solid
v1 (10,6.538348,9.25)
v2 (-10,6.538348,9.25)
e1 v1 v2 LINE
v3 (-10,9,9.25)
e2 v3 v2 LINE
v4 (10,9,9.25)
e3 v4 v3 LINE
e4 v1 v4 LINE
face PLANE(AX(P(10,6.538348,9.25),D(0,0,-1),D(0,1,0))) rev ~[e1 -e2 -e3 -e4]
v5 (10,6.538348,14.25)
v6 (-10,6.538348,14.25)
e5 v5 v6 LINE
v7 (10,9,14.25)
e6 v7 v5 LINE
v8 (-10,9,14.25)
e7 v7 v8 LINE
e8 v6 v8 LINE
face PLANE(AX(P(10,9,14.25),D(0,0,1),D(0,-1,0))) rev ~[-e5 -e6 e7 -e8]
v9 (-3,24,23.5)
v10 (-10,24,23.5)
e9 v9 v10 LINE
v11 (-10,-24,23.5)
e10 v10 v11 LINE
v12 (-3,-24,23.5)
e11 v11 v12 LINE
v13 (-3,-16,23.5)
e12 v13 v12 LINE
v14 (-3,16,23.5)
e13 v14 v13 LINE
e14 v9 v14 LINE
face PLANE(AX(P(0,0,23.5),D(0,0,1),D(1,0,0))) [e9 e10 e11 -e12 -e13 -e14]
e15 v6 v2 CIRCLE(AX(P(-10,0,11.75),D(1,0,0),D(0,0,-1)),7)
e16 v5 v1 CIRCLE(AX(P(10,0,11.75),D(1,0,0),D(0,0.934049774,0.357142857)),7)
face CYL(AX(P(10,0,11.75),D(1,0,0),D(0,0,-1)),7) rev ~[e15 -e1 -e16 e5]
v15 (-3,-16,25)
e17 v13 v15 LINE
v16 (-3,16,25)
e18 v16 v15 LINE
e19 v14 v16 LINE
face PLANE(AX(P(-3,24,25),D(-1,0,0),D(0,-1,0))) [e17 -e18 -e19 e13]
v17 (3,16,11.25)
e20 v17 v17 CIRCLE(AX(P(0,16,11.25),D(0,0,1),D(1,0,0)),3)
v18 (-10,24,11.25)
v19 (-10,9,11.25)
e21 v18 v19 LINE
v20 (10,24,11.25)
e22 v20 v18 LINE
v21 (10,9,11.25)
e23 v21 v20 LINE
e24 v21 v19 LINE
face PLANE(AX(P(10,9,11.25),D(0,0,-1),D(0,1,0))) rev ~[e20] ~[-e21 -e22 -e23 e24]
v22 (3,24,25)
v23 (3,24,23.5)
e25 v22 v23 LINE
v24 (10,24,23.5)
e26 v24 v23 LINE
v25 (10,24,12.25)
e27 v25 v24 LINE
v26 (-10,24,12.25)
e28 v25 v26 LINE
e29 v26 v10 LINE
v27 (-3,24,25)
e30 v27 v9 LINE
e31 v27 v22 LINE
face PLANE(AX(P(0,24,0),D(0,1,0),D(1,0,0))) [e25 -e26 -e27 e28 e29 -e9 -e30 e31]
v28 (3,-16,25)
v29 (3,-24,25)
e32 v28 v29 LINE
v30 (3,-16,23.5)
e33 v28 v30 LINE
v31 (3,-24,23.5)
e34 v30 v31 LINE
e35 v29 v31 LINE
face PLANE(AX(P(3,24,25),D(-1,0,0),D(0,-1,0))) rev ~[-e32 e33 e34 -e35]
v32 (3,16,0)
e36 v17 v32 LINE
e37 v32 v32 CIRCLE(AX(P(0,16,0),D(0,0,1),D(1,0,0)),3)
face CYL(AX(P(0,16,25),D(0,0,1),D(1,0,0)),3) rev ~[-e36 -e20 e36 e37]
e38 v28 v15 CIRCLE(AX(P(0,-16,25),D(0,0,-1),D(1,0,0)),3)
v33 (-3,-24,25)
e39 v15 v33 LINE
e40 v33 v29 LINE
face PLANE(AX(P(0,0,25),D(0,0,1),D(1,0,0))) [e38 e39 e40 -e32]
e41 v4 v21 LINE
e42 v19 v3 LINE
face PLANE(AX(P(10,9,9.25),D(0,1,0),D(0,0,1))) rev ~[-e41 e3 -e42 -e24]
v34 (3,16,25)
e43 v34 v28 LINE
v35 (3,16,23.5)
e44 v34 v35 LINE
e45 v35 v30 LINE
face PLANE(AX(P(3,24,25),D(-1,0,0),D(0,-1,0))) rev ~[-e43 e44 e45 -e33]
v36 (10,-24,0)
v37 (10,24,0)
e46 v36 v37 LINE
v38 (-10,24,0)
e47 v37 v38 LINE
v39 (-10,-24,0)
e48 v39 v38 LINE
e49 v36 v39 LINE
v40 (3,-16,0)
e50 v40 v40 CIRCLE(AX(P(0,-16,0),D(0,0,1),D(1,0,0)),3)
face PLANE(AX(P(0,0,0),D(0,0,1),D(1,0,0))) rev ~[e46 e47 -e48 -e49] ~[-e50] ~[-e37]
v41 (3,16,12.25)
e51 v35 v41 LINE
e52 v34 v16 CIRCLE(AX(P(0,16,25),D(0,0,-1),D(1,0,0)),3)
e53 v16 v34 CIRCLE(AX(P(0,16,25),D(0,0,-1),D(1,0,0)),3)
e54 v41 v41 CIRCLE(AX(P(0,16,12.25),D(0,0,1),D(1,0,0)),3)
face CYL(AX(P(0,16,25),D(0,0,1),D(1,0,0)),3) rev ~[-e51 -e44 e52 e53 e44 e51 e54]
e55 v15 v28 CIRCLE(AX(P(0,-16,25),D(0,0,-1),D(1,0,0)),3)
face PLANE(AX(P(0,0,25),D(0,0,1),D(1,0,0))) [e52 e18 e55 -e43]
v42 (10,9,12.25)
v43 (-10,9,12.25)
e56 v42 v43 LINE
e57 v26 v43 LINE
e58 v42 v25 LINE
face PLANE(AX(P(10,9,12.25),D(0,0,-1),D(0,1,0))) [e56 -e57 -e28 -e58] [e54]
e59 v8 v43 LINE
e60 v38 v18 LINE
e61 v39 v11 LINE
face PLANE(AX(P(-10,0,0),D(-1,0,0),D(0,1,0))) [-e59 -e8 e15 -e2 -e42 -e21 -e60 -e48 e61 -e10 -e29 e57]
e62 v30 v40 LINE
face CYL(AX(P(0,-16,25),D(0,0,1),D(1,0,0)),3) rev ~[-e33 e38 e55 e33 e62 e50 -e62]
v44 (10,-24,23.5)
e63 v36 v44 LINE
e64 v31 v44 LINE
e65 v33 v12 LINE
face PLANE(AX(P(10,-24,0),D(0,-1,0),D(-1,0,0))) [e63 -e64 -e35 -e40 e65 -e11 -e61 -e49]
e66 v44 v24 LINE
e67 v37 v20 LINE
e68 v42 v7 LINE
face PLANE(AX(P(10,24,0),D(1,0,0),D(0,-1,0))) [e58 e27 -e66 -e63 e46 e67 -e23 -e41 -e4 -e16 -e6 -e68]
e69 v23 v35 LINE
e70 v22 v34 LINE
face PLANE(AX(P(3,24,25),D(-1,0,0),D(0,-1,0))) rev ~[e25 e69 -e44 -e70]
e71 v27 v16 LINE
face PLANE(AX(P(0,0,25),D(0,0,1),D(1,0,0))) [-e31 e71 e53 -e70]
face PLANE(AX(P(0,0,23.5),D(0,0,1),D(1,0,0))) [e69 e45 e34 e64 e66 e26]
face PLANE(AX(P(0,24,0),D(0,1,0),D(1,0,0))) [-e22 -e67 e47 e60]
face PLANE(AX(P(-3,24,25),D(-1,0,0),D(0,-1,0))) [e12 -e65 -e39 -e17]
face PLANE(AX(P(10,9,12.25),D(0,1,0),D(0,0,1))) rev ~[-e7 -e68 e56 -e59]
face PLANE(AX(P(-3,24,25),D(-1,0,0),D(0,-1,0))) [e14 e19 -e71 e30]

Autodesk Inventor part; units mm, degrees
ref_plane "YZ Plane" through (0, 0, 0) normal (1, 0, 0) x (0, 1, 0)
ref_plane "XZ Plane" through (0, 0, 0) normal (0, 1, 0) x (-1, 0, 0)
ref_plane "XY Plane" through (0, 0, 0) normal (0, 0, 1) x (1, 0, 0)
sketch "Sketch1" plane through (0, 0, 0) normal (0, 0, 1) x (1, 0, 0)
  line L0 (0, 33.6) -> (0, -33.6) projected
  line L1 (-14, 0) -> (14, 0) projected
  line L2 (-10, 24) -> (10, 24)
  line L3 (10, 24) -> (10, -24)
  line L4 (10, -24) -> (-10, -24)
  line L5 (-10, -24) -> (-10, 24)
  point P0 (0, 0)
  dimension "d0" = 20
  dimension "d1" = 48
extrude "Extrusion1" add sketch "Sketch1" along normal blind 25
sketch "Sketch2" plane through (0, 0, 25) normal (0, 0, 1) x (1, 0, 0)
  line L0 (0, 49) -> (0, -49) projected
  line L1 (3, 35) -> (3, -35)
  line L2 (-3, 35) -> (-3, -35)
  line L3 (-10, -24) -> (10, -24) projected
  line L4 (10, -24) -> (10, 24) projected
  line L5 (10, 24) -> (-10, 24) projected
  line L6 (-10, 24) -> (-10, -24) projected
  point P0 (0, 0)
  point P1 (3, 24)
  point P2 (3, -24)
  point P3 (-3, -24)
  point P4 (-3, 24)
  dimension "d4" = 3
  dimension "d5" = 3
extrude "Extrusion2" cut sketch "Sketch2" against normal blind 1.5 contours L5 L4 L3 L1 | L2 L3 L6 L5
sketch "Sketch3" plane through (10, -24, 0) normal (1, 0, 0) x (0, 0, -1)
  line L0 (-23.5, 48) -> (-23.5, 0) projected
  line L1 (0, 0) -> (-23.5, 0) projected
  line L2 (0, 0) -> (0, 48) projected
  line L3 (0, 48) -> (-23.5, 48) projected
  line L4 (0, 0) -> (-23.5, 0) projected
  line L5 (-11.75, 0) -> (-11.75, 48)
  line L6 (0, 48) -> (-23.5, 48) projected
  line L7 (0, 24) -> (-23.5, 24)
  line L8 (-23.5, 0) -> (-23.5, 48) projected
  circle A0 centre (-11.75, 24) radius 7
  line L9 (-14.25, 28) -> (-9.25, 28)
  line L10 (-9.25, 28) -> (-9.25, 33)
  line L11 (-9.25, 33) -> (-14.25, 33)
  line L12 (-14.25, 33) -> (-14.25, 28)
  line L13 (-11.75, 17) -> (-11.75, 31)
  line L14 (-12.25, 0) -> (-12.25, 50)
  line L15 (-11.25, 0) -> (-11.25, 50)
  point P0 (-9.25, 30.5383)
  point P1 (-11.25, 33)
  point P2 (-11.25, 48)
  point P3 (-12.25, 48)
  point P4 (-12.25, 33)
  point P5 (-14.25, 30.5383)
  dimension "d8" = 14
  dimension "d9" = 5
  dimension "d10" = 5
  dimension "d11" = 11
  dimension "d12" = 0.5
  dimension "d13" = 0.5
extrude "Extrusion3" cut sketch "Sketch3" against normal through all contours L3 L5 L11 L14 | A0 L12 L9 L14 L7 | L7 L14 A0 | L3 L15 L11 L5 | L14 A0 L12 L11 | L11 L5 A0 L14 | L14 L9 L5 L7 | L7 L5 A0 L14 | A0 L14 L9 L12 | L11 L15 A0 L5 | A0 L5 L9 L14 | L7 L15 A0 L5 | L5 L9 L15 L7 | L11 L10 A0 L15 | A0 L15 L9 L5 | L15 L9 L10 A0 L7 | L7 A0 L15 | A0 L10 L9 L15
sketch "Sketch4" plane through (0, 0, 25) normal (0, 0, 1) x (1, 0, 0)
  line L0 (3, -24) -> (3, 24) projected
  line L1 (3, 24) -> (-3, 24) projected
  line L2 (-3, 24) -> (-3, -24) projected
  line L3 (-3, -24) -> (3, -24) projected
  line L4 (0, 35) -> (0, -35) projected
  circle A0 centre (0, 16) radius 3
  circle A1 centre (0, -16) radius 3
  line L5 (-10, 6.5383) -> (-10, 9) projected
  line L6 (10, 6.5383) -> (-10, 6.5383) projected
  line L7 (10, 9) -> (10, 6.5383) projected
  line L8 (10, 9) -> (-10, 9) projected
  line L9 (10, 6.5383) -> (-10, 6.5383) projected
  line L10 (10, -7) -> (-10, -7) projected
  line L11 (-10, 6.5383) -> (-10, 6.5383) projected
  line L12 (10, 6.5383) -> (-10, 6.5383) projected
  line L13 (10, 6.5383) -> (10, 6.5383) projected
  line L14 (10, 6.5383) -> (-10, 6.5383) projected
  line L15 (10, 6.5383) -> (10, -7) projected
  line L16 (-10, -7) -> (-10, 6.5383) projected
  point P0 (0, 0)
  dimension "d16" = 6
  dimension "d17" = 6
  dimension "d18" = 8
  dimension "d19" = 8
extrude "Extrusion4" cut sketch "Sketch4" against normal through all contours A1 L4 | L4 A1 | A0 L4 | L4 A0
properties part number "motor shaft clamp"
